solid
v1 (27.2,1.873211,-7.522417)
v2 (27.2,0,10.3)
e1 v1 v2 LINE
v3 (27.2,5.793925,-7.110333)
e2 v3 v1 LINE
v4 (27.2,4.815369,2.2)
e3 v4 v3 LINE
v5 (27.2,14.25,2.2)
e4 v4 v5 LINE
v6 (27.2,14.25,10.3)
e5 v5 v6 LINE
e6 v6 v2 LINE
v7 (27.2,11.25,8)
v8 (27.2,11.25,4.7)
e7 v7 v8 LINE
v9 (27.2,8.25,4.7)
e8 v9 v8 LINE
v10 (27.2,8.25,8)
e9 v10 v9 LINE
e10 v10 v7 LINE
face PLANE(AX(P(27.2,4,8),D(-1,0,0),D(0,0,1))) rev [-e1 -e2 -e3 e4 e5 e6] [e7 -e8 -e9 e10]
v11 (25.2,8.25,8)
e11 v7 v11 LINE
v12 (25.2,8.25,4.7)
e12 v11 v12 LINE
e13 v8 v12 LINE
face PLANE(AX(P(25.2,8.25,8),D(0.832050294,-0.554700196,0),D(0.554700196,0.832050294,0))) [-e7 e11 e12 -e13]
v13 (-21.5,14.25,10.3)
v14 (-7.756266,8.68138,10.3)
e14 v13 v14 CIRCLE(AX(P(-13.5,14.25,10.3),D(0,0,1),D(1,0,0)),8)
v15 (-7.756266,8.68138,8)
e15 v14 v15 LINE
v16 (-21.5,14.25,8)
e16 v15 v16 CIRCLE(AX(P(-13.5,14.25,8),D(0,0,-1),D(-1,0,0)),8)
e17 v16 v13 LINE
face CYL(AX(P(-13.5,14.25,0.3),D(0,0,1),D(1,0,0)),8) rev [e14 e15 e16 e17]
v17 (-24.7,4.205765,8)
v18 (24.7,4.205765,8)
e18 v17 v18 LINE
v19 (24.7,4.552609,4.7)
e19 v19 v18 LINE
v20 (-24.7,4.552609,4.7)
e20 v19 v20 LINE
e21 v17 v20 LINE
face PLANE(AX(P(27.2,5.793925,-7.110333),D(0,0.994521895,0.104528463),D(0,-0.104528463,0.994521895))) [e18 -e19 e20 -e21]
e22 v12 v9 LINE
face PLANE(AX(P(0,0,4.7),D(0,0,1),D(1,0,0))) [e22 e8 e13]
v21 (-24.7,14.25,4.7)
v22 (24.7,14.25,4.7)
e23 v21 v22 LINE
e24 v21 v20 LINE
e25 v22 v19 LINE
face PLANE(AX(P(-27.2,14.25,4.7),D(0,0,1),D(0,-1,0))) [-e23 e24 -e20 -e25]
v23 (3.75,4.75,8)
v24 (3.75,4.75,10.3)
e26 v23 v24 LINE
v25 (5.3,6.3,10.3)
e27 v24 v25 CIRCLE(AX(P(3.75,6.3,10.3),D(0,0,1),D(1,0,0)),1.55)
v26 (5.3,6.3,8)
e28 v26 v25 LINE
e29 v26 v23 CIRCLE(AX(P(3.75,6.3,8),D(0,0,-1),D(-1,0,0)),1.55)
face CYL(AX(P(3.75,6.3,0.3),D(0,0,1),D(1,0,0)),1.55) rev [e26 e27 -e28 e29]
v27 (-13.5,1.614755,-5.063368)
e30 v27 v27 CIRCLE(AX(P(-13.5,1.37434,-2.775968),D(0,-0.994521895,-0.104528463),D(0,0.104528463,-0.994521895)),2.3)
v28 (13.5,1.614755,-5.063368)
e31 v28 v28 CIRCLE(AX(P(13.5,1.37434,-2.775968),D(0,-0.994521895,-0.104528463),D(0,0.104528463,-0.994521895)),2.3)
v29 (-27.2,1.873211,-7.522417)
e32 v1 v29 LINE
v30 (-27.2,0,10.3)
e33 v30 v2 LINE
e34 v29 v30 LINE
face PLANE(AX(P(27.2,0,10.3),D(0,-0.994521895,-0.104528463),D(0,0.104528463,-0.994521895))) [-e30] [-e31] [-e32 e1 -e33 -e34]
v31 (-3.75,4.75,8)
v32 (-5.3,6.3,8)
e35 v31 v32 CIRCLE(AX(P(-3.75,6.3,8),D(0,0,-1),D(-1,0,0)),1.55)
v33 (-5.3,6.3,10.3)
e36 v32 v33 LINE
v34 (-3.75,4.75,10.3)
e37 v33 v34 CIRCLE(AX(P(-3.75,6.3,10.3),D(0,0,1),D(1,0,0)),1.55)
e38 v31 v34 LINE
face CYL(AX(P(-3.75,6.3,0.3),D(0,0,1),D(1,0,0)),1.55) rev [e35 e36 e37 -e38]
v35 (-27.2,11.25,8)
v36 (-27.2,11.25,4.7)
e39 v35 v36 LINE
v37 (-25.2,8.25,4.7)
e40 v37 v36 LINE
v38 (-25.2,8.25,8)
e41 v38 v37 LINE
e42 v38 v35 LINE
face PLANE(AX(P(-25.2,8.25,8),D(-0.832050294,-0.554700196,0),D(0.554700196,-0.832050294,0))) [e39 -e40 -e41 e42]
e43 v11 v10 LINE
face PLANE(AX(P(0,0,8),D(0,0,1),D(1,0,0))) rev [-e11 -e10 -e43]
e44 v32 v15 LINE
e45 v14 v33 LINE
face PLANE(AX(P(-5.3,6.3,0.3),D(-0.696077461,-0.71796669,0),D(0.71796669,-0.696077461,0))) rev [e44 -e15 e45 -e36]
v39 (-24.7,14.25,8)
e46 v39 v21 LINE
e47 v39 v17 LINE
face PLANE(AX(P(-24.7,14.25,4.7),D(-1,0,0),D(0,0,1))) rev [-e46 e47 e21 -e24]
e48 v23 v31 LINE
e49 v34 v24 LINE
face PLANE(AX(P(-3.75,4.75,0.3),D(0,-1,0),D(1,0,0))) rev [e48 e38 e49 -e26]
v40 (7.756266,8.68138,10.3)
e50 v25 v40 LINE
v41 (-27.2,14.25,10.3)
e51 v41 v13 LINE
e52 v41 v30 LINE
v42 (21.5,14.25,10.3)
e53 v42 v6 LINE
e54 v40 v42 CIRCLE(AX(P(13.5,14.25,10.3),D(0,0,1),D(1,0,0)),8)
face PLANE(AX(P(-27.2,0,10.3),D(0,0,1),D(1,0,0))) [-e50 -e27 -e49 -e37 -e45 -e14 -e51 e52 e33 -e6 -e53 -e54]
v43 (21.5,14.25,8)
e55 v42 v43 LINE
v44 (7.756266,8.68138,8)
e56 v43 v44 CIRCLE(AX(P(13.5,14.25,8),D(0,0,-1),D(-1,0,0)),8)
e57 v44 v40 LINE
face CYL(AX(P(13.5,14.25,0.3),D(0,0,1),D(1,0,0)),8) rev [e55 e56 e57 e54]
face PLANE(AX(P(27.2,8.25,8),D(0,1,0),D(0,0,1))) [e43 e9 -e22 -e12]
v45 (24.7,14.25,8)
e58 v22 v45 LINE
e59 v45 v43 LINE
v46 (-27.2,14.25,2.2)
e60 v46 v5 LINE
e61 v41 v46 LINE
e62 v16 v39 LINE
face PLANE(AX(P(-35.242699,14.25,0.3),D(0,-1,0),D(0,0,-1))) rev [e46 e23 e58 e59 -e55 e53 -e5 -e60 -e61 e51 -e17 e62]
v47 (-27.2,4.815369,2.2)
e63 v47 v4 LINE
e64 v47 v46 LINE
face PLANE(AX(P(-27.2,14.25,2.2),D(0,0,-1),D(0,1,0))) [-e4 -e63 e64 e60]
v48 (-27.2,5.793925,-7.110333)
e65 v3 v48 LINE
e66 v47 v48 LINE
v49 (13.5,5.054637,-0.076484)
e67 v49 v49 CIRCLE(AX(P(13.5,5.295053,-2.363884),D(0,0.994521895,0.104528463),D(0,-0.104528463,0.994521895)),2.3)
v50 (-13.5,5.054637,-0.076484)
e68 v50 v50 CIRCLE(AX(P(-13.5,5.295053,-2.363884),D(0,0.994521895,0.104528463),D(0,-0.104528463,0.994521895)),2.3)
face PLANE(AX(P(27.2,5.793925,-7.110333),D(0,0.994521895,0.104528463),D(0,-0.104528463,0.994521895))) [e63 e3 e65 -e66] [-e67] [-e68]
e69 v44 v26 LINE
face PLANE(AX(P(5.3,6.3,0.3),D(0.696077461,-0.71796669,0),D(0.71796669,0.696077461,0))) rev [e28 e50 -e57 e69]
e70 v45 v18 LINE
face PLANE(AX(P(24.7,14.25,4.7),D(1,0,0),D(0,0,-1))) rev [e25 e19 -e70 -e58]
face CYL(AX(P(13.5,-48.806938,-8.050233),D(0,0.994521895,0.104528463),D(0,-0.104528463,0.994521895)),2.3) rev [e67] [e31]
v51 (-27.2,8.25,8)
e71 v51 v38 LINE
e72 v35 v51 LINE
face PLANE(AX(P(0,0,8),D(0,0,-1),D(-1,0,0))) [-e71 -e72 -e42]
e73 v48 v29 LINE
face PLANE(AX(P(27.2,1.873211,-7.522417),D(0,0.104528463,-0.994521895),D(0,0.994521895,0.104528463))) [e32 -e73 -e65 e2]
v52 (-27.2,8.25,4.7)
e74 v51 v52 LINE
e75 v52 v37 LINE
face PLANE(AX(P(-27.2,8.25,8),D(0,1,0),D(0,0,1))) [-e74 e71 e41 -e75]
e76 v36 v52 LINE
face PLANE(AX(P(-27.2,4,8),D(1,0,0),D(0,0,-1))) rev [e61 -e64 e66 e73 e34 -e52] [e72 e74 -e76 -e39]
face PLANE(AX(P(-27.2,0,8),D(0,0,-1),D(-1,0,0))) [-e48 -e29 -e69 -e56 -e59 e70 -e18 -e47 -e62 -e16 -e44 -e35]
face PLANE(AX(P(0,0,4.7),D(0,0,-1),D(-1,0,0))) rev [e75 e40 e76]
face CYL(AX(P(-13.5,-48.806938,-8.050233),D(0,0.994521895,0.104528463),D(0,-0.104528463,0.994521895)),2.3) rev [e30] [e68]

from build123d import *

# Parameters (mm, degrees)
SKETCH2_W           = 54.4
SKETCH2_H           = 16
BOSS_EXTRUDE1_DEPTH = 4
SKETCH3_W           = 2.3
SKETCH3_H           = 24
BOSS_EXTRUDE2_DEPTH = 54.4
SKETCH4_R           = 2.3
CUT_EXTRUDE1_DEPTH  = 45
CUT_EXTRUDE3_DEPTH  = 10
SKETCH5_R           = 8
CUT_EXTRUDE2_DEPTH  = 10
CUT_EXTRUDE4_DEPTH  = 10
SKETCH8_W           = 2.5
SKETCH8_H           = 10.25
BOSS_EXTRUDE3_DEPTH = 54.4
SKETCH9_W           = 2.5
SKETCH9_H           = 3.3
BOSS_EXTRUDE4_DEPTH = 10.25
CUT_EXTRUDE5_DEPTH  = 3.3
SKETCH11_W          = 54.4
SKETCH11_H          = 10.2
CUT_EXTRUDE6_DEPTH  = 10
BOSS_EXTRUDE5_DEPTH = 54.4
CUT_EXTRUDE7_DEPTH  = 54.4
SKETCH14_R          = 2.3
CUT_EXTRUDE8_DEPTH  = 54.4


with BuildPart() as part:
    # Sketch2 → Boss-Extrude1 (new body)
    with BuildSketch(Plane(origin=(0, 0, 0), x_dir=(1, 0, 0), z_dir=(0, 1, 0))):
        Rectangle(SKETCH2_W, SKETCH2_H)
    extrude(amount=BOSS_EXTRUDE1_DEPTH)

    # Sketch3 → Boss-Extrude2 (add)
    with BuildSketch(Plane(origin=(27.2, 0, 0), x_dir=(0, 0, -1), z_dir=(1, 0, 0))):
        with Locations((-9.15, 12)):
            Rectangle(SKETCH3_W, SKETCH3_H)
    extrude(amount=-BOSS_EXTRUDE2_DEPTH)

    # Sketch4 → Cut-Extrude1 (cut)
    with BuildSketch(Plane(origin=(0, 4, 0), x_dir=(1, 0, 0), z_dir=(0, 1, 0))):
        with Locations((-13.5, 2.5)):
            Circle(SKETCH4_R)
        with Locations((13.5, 2.5)):
            Circle(SKETCH4_R)
    extrude(amount=-CUT_EXTRUDE1_DEPTH, mode=Mode.SUBTRACT)

    # Sketch6 → Cut-Extrude3 (cut)
    with BuildSketch(Plane.XY.offset(10.3)):
        with BuildLine():
            Line((-3.75, 7.85), (3.75, 7.85))
            ThreePointArc((3.75, 7.85), (5.3, 6.3), (3.75, 4.75))
            Line((3.75, 4.75), (-3.75, 4.75))
            ThreePointArc((-3.75, 4.75), (-5.3, 6.3), (-3.75, 7.85))
        make_face()
    extrude(amount=-CUT_EXTRUDE3_DEPTH, mode=Mode.SUBTRACT)

    # Sketch5 → Cut-Extrude2 (cut)
    with BuildSketch(Plane.XY.offset(10.3)):
        with Locations((-13.5, 14.25)):
            Circle(SKETCH5_R)
        with Locations((13.5, 14.25)):
            Circle(SKETCH5_R)
    extrude(amount=-CUT_EXTRUDE2_DEPTH, mode=Mode.SUBTRACT)

    # Sketch7 → Cut-Extrude4 (cut)
    with BuildSketch(Plane.XY.offset(10.3)):
        Polygon((-35.24269893, 14.25), (-13.5, 14.25), (-5.3, 6.3), (0, 6.5), (5.3, 6.3), (13.5, 14.25), (21.5, 14.25), (36.006358293, 14.25), (36.006358293, 27.887641337), (-35.24269893, 27.887641337), align=None)
    extrude(amount=-CUT_EXTRUDE4_DEPTH, mode=Mode.SUBTRACT)

    # Sketch8 → Boss-Extrude3 (add)
    with BuildSketch(Plane(origin=(27.2, 0, 0), x_dir=(0, 0, -1), z_dir=(1, 0, 0))):
        with Locations((-3.45, 9.125)):
            Rectangle(SKETCH8_W, SKETCH8_H)
    extrude(amount=-BOSS_EXTRUDE3_DEPTH)

    # Sketch9 → Boss-Extrude4 (add)
    with BuildSketch(Plane(origin=(0, 4, 0), x_dir=(1, 0, 0), z_dir=(0, 1, 0))):
        with Locations((-25.95, -6.35)):
            Rectangle(SKETCH9_W, SKETCH9_H)
        with Locations((25.95, -6.35)):
            Rectangle(SKETCH9_W, SKETCH9_H)
    extrude(amount=BOSS_EXTRUDE4_DEPTH)

    # Sketch10 → Cut-Extrude5 (cut)
    with BuildSketch(Plane.XY.offset(4.7)):
        Polygon((-27.2, 8.25), (-25.2, 8.25), (-27.2, 11.25), align=None)
        Polygon((27.2, 11.25), (27.2, 8.25), (25.2, 8.25), align=None)
    extrude(amount=CUT_EXTRUDE5_DEPTH, mode=Mode.SUBTRACT)

    # Sketch11 → Cut-Extrude6 (cut)
    with BuildSketch(Plane(origin=(0, 4, 0), x_dir=(1, 0, 0), z_dir=(0, 1, 0))):
        with Locations((0, 2.9)):
            Rectangle(SKETCH11_W, SKETCH11_H)
    extrude(amount=-CUT_EXTRUDE6_DEPTH, mode=Mode.SUBTRACT)

    # Sketch12 → Boss-Extrude5 (add)
    with BuildSketch(Plane.ZY.offset(27.2)):
        Polygon((10.3, 0), (-7.522416627, 1.87321147), (-7.110333074, 5.793924586), (10.3, 3.964024842), align=None)
    extrude(amount=-BOSS_EXTRUDE5_DEPTH)

    # Sketch13 → Cut-Extrude7 (cut)
    with BuildSketch(Plane(origin=(27.2, 0, 0), x_dir=(0, 0, -1), z_dir=(1, 0, 0))):
        Polygon((-2.2, 0.851344306), (-10.3, 0), (-2.2, 0), align=None)
    extrude(amount=-CUT_EXTRUDE7_DEPTH, mode=Mode.SUBTRACT)

    # Sketch14 → Cut-Extrude8 (cut)
    with BuildSketch(Plane(origin=(0, 4.991458323, 0.52462341), x_dir=(1, 0, 0), z_dir=(0, 0.994521895, 0.104528463))):
        with Locations((-13.5, 2.904418591)):
            Circle(SKETCH14_R)
        with Locations((13.5, 2.904418591)):
            Circle(SKETCH14_R)
    extrude(amount=-CUT_EXTRUDE8_DEPTH, mode=Mode.SUBTRACT)


solid = part.part
